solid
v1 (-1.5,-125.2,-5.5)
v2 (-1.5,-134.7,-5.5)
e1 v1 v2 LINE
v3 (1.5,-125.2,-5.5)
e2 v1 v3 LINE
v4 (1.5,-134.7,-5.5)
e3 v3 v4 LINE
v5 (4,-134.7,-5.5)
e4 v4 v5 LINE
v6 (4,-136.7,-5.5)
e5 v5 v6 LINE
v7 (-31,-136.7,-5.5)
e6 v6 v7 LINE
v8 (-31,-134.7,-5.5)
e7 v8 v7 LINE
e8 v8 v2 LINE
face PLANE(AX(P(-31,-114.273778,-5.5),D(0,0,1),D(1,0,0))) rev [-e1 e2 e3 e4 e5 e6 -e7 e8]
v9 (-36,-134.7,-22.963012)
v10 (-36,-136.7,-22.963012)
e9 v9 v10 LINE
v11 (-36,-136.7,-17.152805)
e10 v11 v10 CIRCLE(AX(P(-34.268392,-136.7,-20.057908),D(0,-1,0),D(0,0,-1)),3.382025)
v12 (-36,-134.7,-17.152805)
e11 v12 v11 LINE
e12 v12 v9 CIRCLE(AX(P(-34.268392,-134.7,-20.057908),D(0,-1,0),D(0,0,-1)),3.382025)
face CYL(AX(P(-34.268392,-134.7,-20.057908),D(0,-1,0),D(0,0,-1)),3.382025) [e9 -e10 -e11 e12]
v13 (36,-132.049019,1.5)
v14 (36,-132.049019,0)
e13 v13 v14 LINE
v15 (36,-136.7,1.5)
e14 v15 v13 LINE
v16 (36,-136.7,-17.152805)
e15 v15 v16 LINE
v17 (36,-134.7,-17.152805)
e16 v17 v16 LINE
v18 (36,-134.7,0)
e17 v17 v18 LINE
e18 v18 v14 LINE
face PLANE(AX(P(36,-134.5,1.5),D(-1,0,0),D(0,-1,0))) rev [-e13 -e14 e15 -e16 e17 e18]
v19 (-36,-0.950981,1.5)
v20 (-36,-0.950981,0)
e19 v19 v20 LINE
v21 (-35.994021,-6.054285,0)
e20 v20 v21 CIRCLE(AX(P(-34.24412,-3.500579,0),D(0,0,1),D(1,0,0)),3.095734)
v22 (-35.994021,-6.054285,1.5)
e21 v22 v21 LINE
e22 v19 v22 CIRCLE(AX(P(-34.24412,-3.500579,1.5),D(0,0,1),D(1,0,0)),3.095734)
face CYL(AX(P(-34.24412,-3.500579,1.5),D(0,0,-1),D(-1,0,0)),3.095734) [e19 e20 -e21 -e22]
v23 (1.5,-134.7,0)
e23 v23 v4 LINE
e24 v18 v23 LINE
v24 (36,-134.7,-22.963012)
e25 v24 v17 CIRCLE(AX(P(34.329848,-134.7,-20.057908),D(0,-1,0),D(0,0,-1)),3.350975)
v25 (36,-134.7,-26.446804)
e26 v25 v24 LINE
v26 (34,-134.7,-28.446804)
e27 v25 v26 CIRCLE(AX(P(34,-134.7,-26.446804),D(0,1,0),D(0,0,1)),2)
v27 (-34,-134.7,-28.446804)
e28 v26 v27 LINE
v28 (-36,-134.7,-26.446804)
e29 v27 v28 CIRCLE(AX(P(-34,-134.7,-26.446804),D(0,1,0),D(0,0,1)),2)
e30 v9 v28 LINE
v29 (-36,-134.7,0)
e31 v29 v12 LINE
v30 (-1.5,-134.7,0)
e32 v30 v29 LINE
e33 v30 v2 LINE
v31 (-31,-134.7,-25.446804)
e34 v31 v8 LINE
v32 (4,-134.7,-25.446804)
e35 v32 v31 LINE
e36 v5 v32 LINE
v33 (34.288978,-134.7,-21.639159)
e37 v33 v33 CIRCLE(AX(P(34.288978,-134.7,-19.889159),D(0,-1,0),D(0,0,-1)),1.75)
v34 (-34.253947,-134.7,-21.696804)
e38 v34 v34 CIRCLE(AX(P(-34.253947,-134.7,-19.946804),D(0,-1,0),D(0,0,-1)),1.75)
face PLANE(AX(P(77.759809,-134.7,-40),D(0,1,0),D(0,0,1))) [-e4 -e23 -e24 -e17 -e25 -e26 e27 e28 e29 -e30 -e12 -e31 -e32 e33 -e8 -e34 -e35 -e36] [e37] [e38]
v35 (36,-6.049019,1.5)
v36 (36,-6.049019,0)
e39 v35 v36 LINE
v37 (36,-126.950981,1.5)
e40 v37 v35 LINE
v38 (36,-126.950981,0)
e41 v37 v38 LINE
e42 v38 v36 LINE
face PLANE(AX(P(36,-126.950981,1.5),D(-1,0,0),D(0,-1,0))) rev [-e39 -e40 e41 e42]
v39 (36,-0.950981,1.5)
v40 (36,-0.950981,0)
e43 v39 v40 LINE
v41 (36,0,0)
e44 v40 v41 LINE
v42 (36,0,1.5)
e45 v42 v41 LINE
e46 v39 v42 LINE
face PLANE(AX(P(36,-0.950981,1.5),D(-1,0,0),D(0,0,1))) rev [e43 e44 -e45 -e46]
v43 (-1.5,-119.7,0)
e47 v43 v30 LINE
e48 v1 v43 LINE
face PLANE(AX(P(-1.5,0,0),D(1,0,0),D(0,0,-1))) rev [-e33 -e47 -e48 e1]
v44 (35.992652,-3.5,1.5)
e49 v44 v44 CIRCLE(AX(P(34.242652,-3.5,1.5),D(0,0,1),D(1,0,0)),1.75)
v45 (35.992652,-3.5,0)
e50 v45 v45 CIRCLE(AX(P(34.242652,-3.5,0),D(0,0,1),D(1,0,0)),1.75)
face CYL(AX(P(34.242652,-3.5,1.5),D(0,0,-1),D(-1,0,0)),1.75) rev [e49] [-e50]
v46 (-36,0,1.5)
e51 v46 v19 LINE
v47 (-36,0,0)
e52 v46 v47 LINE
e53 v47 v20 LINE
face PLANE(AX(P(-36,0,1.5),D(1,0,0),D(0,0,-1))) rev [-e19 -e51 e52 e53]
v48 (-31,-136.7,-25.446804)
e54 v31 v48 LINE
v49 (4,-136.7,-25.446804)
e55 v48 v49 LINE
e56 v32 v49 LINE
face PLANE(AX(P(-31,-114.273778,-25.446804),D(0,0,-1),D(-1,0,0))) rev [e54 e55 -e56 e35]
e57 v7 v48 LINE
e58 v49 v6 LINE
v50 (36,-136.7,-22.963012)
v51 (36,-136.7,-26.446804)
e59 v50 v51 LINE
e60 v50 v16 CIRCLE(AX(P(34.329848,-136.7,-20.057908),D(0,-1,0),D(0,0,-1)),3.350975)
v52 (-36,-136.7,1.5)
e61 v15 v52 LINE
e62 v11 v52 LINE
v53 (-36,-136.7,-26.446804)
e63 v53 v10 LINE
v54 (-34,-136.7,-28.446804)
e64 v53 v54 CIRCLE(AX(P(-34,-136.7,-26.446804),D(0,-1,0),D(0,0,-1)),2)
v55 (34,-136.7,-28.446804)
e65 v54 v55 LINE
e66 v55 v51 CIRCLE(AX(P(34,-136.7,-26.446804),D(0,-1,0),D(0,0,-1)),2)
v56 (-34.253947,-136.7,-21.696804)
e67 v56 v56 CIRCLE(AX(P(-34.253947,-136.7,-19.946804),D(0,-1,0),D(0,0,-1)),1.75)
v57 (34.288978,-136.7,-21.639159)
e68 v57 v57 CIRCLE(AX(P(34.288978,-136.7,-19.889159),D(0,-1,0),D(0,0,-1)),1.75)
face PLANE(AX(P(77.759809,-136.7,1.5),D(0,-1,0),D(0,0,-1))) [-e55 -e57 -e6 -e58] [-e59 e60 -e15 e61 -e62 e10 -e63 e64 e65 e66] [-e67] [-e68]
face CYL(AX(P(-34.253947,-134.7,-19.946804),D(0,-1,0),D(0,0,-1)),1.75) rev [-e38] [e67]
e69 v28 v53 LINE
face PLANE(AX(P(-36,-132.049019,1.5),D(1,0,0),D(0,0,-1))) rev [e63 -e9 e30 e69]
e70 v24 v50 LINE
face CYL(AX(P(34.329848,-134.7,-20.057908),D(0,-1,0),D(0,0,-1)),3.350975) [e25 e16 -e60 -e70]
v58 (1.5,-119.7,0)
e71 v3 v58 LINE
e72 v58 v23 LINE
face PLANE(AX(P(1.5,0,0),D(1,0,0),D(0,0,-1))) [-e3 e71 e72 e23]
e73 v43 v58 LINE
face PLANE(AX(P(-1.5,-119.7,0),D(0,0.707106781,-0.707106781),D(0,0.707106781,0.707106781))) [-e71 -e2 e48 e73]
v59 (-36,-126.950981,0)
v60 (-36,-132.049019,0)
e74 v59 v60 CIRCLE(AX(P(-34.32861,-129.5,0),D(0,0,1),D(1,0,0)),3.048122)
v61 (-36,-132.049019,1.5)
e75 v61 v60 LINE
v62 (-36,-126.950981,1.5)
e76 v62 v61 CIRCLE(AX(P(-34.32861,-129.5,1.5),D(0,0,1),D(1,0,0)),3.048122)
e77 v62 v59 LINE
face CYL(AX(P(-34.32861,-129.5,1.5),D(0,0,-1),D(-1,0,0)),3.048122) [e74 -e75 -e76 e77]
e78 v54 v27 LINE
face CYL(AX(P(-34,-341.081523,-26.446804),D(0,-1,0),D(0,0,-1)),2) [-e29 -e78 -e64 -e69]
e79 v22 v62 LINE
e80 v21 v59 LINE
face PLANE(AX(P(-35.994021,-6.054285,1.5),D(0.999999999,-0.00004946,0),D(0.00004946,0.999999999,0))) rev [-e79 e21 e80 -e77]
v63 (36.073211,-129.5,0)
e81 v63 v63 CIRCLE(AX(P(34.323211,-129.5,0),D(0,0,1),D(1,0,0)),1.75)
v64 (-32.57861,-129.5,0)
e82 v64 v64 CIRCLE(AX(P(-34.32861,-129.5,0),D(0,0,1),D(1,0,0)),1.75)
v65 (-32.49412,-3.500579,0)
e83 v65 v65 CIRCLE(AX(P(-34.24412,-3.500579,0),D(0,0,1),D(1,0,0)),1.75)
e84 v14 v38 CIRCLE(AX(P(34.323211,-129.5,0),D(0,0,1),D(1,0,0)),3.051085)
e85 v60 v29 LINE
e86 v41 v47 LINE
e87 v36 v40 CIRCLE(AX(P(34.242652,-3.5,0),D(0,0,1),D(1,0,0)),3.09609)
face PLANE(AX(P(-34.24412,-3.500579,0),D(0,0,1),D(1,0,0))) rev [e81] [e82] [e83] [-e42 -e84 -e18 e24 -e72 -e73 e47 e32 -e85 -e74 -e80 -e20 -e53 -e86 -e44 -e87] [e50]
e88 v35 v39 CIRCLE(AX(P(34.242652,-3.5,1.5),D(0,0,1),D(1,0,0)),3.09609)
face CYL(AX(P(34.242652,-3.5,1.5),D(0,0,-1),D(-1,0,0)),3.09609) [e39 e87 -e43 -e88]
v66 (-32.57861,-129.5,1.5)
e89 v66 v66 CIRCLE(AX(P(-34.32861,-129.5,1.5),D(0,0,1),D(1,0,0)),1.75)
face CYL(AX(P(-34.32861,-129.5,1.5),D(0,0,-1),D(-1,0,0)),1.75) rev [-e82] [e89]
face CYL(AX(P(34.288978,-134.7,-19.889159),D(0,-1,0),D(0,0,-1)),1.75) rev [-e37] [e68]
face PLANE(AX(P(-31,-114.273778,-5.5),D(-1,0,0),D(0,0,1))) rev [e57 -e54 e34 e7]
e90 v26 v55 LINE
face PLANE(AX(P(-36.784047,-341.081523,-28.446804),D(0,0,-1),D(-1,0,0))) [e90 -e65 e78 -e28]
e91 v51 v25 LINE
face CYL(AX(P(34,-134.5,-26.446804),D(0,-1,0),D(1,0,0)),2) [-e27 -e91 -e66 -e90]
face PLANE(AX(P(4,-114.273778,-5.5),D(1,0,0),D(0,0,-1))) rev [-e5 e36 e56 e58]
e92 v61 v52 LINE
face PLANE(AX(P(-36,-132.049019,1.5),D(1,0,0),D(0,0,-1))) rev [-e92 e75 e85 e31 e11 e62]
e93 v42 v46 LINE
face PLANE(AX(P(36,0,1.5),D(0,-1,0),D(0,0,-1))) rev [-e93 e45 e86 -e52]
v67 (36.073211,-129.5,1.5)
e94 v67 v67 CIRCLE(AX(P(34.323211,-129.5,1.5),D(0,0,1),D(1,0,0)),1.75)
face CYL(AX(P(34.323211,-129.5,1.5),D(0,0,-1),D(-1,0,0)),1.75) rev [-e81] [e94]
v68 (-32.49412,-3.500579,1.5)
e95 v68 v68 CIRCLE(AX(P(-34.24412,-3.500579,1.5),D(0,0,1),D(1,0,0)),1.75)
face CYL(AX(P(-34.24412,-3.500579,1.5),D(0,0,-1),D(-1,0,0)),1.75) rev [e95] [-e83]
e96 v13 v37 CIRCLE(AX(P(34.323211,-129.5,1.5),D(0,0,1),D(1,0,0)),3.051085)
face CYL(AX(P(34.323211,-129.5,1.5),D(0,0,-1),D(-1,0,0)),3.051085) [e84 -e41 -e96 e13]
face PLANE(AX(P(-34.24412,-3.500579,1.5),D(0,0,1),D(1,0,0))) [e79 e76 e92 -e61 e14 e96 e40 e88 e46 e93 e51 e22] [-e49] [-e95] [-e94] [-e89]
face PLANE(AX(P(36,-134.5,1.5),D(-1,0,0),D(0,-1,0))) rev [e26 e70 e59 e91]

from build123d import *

# Parameters (mm, degrees)
SKETCH1_R                = 1.75
BOSS_EXTRUDE1_DEPTH      = 1.5
BOSS_EXTRUDE2_DEPTH      = 72
BOSS_EXTRUDE3_DEPTH      = 1.5
BOSS_EXTRUDE3_DEPTH_BACK = 1.5
BOSS_EXTRUDE4_DEPTH      = 2
SKETCH5_R                = 1.75
CUT_EXTRUDE1_DEPTH       = 2
CUT_EXTRUDE2_DEPTH       = 148.332054879
CUT_EXTRUDE2_DEPTH_BACK  = 148.332054879
SKETCH6_W                = 72
SKETCH6_H                = 11.553195909
FILLET1_R                = 2
SKETCH8_W                = 35
SKETCH8_H                = 19.946804091
CUT_EXTRUDE3_DEPTH       = 22.4262221


with BuildPart() as part:
    # Sketch1 → Boss-Extrude1 (new body)
    with BuildSketch(Plane.XY):
        with BuildLine():
            Line((-31.5, -134.5), (31.5, -134.5))
            Line((31.5, -134.5), (36, -134.5))
            Line((36, -134.5), (36, -132.049019419))
            ThreePointArc((36, -132.049019419), (37.374296294, -129.5), (36, -126.950980581))
            Line((36, -126.950980581), (36, -6.049019419))
            ThreePointArc((36, -6.049019419), (37.33874188, -3.5), (36, -0.950980581))
            Line((36, -0.950980581), (36, 0))
            Line((36, 0), (-36, 0))
            Line((-36, 0), (-36, -0.950980581))
            ThreePointArc((-36, -0.950980581), (-37.339851511, -3.504206195), (-35.994020506, -6.054285021))
            Line((-35.994020506, -6.054285021), (-36, -126.950980581))
            ThreePointArc((-36, -126.950980581), (-37.376731289, -129.5), (-36, -132.049019419))
            Line((-36, -132.049019419), (-36, -134.5))
            Line((-36, -134.5), (-31.5, -134.5))
        make_face()
        with Locations((-34.328609587, -129.5)):
            Circle(SKETCH1_R, mode=Mode.SUBTRACT)
        with Locations((34.323211043, -129.5)):
            Circle(SKETCH1_R, mode=Mode.SUBTRACT)
        with Locations((34.242652207, -3.5)):
            Circle(SKETCH1_R, mode=Mode.SUBTRACT)
        with Locations((-34.244120111, -3.500578956)):
            Circle(SKETCH1_R, mode=Mode.SUBTRACT)
    extrude(amount=BOSS_EXTRUDE1_DEPTH)

    # Sketch2 → Boss-Extrude2 (add)
    with BuildSketch(Plane.ZY.offset(36)):
        Polygon((1.5, -134.5), (1.5, -136.7), (-40, -136.7), (-40, -134.7), (0, -134.7), (0, -134.5), (0, -132.049019419), (1.5, -132.049019419), align=None)
    extrude(amount=-BOSS_EXTRUDE2_DEPTH)

    # Sketch3 → Boss-Extrude3 (add, two sides: drawn at the far end of the back side and taken through both)
    with BuildSketch(Plane(origin=(0, 0, 0), x_dir=(0, 0, -1), z_dir=(1, 0, 0)).offset(-BOSS_EXTRUDE3_DEPTH_BACK)):
        Polygon((0, -119.7), (15, -134.7), (0, -134.7), align=None)
    extrude(amount=BOSS_EXTRUDE3_DEPTH + BOSS_EXTRUDE3_DEPTH_BACK)

    # Sketch4 → Boss-Extrude4 (add)
    with BuildSketch(Plane.XZ.offset(136.7)):
        with BuildLine():
            Line((-36, -17.152805247), (-36, -22.963011674))
            ThreePointArc((-36, -22.963011674), (-37.650416645, -20.05790846), (-36, -17.152805247))
        make_face()
        with BuildLine():
            Line((36, -17.152805247), (36, -22.963011674))
            ThreePointArc((36, -22.963011674), (37.68082264, -20.05790846), (36, -17.152805247))
        make_face()
    extrude(amount=-BOSS_EXTRUDE4_DEPTH)

    # Sketch5 → Cut-Extrude1 (cut)
    with BuildSketch(Plane.XZ.offset(136.7)):
        with Locations(Location((-34.253947115, -19.946804091, 0), (0, 0, 270))):
            Circle(SKETCH5_R)
        with Locations(Location((34.288977705, -19.889159472, 0), (0, 0, 270))):
            Circle(SKETCH5_R)
    extrude(amount=-CUT_EXTRUDE1_DEPTH, mode=Mode.SUBTRACT)

    # Sketch6 → Cut-Extrude2 (cut, two sides: drawn at the far end of the back side and taken through both)
    with BuildSketch(Plane.XZ.offset(136.7).offset(-CUT_EXTRUDE2_DEPTH_BACK)):
        with Locations((0, -34.223402046)):
            Rectangle(SKETCH6_W, SKETCH6_H)
    extrude(amount=CUT_EXTRUDE2_DEPTH + CUT_EXTRUDE2_DEPTH_BACK, mode=Mode.SUBTRACT)

    # Fillet1
    fillet1_edges = [part.edges().sort_by_distance(p)[0] for p in [
        (36, -135.7, -28.446804091),
        (-36, -135.7, -28.446804091),
    ]]
    fillet(fillet1_edges, radius=FILLET1_R)

    # Sketch8 → Cut-Extrude3 (cut)
    with BuildSketch(Plane.XZ.offset(136.7)):
        with Locations((-13.5, -15.473402046)):
            Rectangle(SKETCH8_W, SKETCH8_H)
    extrude(amount=-CUT_EXTRUDE3_DEPTH, mode=Mode.SUBTRACT)


solid = part.part
